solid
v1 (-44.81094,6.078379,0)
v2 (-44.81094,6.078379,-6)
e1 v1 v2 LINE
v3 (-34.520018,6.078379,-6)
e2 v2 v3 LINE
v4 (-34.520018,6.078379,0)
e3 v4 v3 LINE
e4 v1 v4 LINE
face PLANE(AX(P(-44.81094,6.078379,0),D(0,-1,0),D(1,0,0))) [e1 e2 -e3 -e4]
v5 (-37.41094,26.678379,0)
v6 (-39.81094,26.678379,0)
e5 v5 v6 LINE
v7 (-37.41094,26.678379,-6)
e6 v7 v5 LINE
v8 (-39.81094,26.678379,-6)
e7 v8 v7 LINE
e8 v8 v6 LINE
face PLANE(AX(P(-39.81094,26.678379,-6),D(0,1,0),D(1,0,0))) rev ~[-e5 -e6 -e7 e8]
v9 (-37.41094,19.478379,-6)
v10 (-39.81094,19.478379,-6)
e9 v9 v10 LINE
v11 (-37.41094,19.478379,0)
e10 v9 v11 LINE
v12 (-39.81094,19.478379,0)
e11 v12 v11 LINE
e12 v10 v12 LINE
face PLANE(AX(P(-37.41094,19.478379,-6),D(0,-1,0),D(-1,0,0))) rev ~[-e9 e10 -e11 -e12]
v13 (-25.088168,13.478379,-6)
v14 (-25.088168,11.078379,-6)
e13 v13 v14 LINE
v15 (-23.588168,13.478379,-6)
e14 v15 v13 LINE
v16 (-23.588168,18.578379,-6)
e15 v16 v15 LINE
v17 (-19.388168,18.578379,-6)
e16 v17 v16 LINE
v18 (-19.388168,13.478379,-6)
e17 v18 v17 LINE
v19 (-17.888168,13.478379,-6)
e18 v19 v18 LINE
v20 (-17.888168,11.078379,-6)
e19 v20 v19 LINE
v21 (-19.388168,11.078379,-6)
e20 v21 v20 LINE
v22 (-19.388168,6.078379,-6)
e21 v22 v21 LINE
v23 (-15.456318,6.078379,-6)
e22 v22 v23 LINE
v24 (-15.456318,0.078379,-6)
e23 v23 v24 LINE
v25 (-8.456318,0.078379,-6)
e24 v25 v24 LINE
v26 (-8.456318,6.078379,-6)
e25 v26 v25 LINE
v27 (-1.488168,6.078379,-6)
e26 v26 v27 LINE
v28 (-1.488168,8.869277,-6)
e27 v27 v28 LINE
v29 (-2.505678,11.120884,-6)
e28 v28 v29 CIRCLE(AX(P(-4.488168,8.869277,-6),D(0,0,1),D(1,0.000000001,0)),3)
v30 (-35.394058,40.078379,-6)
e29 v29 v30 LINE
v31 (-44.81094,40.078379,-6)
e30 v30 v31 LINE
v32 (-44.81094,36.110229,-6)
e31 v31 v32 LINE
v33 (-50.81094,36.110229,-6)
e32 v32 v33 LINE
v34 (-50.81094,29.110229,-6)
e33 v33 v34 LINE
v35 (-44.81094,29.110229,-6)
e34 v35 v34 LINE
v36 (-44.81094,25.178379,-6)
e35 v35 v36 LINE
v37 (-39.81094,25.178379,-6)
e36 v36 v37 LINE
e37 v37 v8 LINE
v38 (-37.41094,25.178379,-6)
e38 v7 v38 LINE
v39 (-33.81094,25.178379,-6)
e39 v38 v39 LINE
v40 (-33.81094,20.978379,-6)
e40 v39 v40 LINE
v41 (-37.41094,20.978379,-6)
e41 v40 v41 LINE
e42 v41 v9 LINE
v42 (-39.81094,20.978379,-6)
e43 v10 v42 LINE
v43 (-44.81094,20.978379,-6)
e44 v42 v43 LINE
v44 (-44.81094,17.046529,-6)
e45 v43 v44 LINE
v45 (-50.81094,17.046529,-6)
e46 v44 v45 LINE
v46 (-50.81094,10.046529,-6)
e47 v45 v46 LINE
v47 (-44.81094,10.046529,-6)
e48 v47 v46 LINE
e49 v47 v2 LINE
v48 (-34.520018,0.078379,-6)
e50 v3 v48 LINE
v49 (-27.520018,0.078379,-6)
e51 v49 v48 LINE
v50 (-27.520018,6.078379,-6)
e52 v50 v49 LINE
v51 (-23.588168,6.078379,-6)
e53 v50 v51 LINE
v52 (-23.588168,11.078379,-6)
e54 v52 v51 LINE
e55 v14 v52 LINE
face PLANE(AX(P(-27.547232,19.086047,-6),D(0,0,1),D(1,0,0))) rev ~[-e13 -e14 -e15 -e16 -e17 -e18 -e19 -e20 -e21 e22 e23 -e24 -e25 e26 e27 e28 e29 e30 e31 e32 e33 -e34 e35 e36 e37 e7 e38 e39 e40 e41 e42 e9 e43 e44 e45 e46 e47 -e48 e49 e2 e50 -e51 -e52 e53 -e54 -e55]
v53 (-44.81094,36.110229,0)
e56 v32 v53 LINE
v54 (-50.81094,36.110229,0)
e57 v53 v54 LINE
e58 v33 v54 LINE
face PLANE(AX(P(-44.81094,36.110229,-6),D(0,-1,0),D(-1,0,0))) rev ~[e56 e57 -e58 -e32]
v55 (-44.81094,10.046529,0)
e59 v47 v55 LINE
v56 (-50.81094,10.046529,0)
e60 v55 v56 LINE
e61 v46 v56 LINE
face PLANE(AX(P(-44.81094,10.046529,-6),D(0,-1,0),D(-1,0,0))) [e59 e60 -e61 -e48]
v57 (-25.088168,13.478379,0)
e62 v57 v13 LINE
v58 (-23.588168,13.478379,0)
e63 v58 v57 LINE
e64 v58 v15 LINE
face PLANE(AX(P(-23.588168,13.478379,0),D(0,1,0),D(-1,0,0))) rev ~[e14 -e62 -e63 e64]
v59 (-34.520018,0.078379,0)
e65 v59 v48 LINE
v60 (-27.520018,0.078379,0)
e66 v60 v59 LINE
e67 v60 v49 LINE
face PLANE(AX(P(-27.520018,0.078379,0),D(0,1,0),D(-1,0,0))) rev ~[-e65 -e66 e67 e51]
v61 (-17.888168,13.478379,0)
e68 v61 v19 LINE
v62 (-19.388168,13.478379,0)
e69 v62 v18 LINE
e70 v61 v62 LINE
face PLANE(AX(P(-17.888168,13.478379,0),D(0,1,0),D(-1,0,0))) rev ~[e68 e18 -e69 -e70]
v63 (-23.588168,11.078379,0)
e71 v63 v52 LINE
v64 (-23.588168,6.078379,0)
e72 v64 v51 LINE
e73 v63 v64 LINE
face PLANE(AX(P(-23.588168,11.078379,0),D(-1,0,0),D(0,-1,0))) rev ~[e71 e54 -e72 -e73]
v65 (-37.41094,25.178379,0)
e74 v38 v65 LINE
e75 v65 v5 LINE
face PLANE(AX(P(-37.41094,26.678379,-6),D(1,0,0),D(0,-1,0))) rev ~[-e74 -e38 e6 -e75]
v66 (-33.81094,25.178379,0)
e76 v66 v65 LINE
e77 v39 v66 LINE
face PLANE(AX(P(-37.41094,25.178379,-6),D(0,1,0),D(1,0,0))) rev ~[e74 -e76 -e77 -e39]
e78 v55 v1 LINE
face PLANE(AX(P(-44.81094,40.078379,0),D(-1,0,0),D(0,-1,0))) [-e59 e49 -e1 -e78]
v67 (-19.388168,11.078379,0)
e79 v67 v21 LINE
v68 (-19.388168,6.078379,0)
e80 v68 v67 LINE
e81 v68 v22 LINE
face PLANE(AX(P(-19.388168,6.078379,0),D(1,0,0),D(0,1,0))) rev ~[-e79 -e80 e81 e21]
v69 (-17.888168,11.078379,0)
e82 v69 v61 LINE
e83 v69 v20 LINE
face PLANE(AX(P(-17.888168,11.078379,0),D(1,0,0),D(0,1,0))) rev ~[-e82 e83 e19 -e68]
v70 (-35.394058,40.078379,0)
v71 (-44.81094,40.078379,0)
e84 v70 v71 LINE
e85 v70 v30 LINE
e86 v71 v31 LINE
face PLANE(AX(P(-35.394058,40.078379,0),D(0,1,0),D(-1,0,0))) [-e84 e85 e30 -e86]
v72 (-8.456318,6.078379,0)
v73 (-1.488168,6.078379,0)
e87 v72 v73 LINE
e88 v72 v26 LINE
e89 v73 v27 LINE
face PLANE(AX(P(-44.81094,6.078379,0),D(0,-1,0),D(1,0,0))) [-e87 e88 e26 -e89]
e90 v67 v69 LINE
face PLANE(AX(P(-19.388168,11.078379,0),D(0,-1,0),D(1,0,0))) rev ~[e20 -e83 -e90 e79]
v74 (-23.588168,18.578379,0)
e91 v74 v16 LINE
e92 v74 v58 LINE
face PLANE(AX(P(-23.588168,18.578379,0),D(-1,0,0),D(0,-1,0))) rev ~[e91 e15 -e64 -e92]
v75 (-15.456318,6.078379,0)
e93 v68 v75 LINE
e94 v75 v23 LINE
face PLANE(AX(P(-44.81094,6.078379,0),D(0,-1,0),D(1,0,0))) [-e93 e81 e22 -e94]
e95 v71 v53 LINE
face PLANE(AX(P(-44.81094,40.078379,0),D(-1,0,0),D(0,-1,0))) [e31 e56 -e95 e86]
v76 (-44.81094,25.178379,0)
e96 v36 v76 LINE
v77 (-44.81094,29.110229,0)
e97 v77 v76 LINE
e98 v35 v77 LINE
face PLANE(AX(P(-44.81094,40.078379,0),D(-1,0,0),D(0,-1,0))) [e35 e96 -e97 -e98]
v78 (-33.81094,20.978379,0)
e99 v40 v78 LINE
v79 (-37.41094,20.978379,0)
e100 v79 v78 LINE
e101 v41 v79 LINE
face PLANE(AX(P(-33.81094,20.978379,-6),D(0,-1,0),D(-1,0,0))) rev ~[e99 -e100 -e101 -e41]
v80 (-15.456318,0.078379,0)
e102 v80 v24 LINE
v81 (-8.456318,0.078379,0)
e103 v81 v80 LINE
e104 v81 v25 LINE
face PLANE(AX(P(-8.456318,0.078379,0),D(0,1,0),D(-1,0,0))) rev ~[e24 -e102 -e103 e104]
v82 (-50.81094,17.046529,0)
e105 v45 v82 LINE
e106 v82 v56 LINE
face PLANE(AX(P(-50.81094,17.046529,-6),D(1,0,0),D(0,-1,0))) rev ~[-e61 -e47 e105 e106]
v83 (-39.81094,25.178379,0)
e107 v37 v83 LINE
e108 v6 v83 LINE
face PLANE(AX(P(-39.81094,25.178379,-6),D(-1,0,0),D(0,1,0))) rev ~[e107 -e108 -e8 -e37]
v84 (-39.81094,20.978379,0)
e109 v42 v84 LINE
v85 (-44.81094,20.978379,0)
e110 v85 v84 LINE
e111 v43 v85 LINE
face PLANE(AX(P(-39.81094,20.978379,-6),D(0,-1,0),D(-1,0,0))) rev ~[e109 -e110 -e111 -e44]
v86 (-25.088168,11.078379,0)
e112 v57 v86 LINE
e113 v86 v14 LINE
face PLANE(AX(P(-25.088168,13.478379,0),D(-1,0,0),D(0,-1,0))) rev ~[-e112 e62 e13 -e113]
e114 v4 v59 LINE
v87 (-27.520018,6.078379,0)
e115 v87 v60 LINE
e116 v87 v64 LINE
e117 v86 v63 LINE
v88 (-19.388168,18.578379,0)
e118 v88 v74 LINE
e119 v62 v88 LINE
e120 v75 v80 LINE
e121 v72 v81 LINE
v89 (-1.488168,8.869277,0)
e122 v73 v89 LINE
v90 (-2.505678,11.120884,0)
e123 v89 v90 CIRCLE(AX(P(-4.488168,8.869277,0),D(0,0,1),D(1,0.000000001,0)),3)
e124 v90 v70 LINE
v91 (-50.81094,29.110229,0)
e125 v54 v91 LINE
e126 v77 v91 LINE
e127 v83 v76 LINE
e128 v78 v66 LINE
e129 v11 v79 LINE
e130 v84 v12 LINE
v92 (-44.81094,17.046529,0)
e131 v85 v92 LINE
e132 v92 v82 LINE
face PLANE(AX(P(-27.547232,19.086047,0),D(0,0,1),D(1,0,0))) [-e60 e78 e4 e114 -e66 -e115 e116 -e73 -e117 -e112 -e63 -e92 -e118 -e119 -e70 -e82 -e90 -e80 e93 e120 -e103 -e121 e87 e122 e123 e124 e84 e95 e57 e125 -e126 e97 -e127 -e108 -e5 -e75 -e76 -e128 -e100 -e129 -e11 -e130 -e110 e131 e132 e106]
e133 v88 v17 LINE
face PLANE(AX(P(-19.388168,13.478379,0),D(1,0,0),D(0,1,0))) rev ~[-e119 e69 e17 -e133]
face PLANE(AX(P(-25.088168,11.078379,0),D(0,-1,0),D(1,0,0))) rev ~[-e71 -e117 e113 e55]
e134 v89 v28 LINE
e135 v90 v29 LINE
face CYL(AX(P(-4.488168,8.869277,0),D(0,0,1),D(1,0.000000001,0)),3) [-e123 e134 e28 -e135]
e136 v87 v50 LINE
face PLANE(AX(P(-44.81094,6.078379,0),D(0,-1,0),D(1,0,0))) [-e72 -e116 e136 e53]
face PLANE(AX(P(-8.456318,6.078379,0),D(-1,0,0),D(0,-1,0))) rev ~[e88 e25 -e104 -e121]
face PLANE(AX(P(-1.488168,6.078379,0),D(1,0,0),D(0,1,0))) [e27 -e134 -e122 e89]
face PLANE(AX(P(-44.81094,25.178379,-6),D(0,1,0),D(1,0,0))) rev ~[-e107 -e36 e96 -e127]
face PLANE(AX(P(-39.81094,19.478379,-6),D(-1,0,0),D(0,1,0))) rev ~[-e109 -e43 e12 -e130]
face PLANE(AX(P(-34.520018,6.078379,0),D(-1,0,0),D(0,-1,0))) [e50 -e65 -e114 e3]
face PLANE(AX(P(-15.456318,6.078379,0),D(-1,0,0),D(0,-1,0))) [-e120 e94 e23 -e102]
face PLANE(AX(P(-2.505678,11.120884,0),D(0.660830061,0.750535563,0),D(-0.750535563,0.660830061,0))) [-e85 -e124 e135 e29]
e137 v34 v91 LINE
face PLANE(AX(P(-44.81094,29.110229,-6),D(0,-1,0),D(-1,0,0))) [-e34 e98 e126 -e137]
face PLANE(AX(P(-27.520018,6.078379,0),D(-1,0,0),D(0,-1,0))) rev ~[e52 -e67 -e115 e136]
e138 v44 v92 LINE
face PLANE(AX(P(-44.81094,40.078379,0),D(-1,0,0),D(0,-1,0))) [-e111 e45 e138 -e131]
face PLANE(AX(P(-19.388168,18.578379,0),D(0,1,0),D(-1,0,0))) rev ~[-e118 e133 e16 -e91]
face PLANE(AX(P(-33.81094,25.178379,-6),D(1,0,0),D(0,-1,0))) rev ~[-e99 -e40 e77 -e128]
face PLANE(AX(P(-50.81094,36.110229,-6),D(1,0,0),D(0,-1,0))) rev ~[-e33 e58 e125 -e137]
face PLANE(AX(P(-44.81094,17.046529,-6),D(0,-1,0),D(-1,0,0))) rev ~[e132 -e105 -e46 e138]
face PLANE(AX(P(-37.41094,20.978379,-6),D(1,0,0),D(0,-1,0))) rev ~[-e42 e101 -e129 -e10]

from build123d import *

# Parameters (mm, degrees)
EXTRUDE_1_DEPTH      = 6
SKETCH_2_W           = 7
SKETCH_2_H           = 6
EXTRUDE_2_DEPTH      = 6
CUT_EXTRUDE_1_DEPTH  = 7
SKETCH_21_W          = 7
SKETCH_21_H          = 6
EXTRUDE_21_DEPTH     = 6
SKETCH_22_W          = 7
SKETCH_22_H          = 6
EXTRUDE_22_DEPTH     = 6
CUT_EXTRUDE_12_DEPTH = 7
SKETCH_23_W          = 7
SKETCH_23_H          = 6
EXTRUDE_24_DEPTH     = 6


with BuildPart() as part:
    # Эскиз1 → Бобышка-Вытянуть1 (new body)
    with BuildSketch(Plane.XY):
        with BuildLine():
            Line((-44.810940225, 6.078379342), (-3.810940225, 6.078379342))
            Line((-3.810940225, 6.078379342), (-1.488167872, 6.078379342))
            Line((-1.488167872, 6.078379342), (-1.488167872, 8.8692773))
            ThreePointArc((-1.488167872, 8.8692773), (-1.754354552, 10.10469817), (-2.50567769, 11.120883988))
            Line((-2.50567769, 11.120883988), (-35.394057565, 40.078379342))
            Line((-35.394057565, 40.078379342), (-44.810940225, 40.078379342))
            Line((-44.810940225, 40.078379342), (-44.810940225, 6.078379342))
        make_face()
    extrude(amount=-EXTRUDE_1_DEPTH)

    # Эскиз2 → Бобышка-Вытянуть2 (add)
    with BuildSketch(Plane(origin=(5.189059775, 23.078379342, -6), x_dir=(0, -1, 0), z_dir=(0, 0, -1))):
        with Locations((-9.531849908, 53)):
            Rectangle(SKETCH_2_W, SKETCH_2_H)
        with Locations((9.531849908, 53)):
            Rectangle(SKETCH_2_W, SKETCH_2_H)
    extrude(amount=-EXTRUDE_2_DEPTH)

    # Эскиз3 → Вырез-Вытянуть1 (cut, through all)
    with BuildSketch(Plane(origin=(5.189059775, 23.078379342, -6), x_dir=(0, -1, 0), z_dir=(0, 0, -1))):
        Polygon((-2.1, 45), (-3.6, 45), (-3.6, 42.6), (-2.1, 42.6), (-2.1, 39), (2.1, 39), (2.1, 42.6), (3.6, 42.6), (3.6, 45), (2.1, 45), (2.1, 50), (-2.1, 50), align=None)
    extrude(amount=-CUT_EXTRUDE_1_DEPTH, mode=Mode.SUBTRACT)

    # Эскиз21 → Бобышка-Вытянуть21 (add)
    with BuildSketch(Plane(origin=(5.189059775, 23.078379342, 0), x_dir=(0, 1, 0), z_dir=(0, 0, 1))):
        with Locations((-9.531849908, 53)):
            Rectangle(SKETCH_21_W, SKETCH_21_H)
        with Locations((9.531849908, 53)):
            Rectangle(SKETCH_21_W, SKETCH_21_H)
    extrude(amount=-EXTRUDE_21_DEPTH)

    # Эскиз22 → Бобышка-Вытянуть22 (add)
    with BuildSketch(Plane(origin=(-21.488167872, 56.078379342, 0), x_dir=(-1, 0, 0), z_dir=(0, 0, 1))):
        with Locations((-9.531849908, 53)):
            Rectangle(SKETCH_22_W, SKETCH_22_H)
        with Locations((9.531849908, 53)):
            Rectangle(SKETCH_22_W, SKETCH_22_H)
    extrude(amount=-EXTRUDE_22_DEPTH)

    # Эскиз32 → Вырез-Вытянуть12 (cut, through all)
    with BuildSketch(Plane(origin=(-21.488167872, 56.078379342, 0), x_dir=(-1, 0, 0), z_dir=(0, 0, 1))):
        Polygon((-2.1, 45), (-3.6, 45), (-3.6, 42.6), (-2.1, 42.6), (-2.1, 37.5), (2.1, 37.5), (2.1, 42.6), (3.6, 42.6), (3.6, 45), (2.1, 45), (2.1, 50), (-2.1, 50), align=None)
    extrude(amount=-CUT_EXTRUDE_12_DEPTH, mode=Mode.SUBTRACT)

    # Эскиз23 → Бобышка-Вытянуть24 (add)
    with BuildSketch(Plane(origin=(-21.488167872, 56.078379342, -6), x_dir=(1, 0, 0), z_dir=(0, 0, -1))):
        with Locations((-9.531849908, 53)):
            Rectangle(SKETCH_23_W, SKETCH_23_H)
        with Locations((9.531849908, 53)):
            Rectangle(SKETCH_23_W, SKETCH_23_H)
    extrude(amount=-EXTRUDE_24_DEPTH)


solid = part.part
